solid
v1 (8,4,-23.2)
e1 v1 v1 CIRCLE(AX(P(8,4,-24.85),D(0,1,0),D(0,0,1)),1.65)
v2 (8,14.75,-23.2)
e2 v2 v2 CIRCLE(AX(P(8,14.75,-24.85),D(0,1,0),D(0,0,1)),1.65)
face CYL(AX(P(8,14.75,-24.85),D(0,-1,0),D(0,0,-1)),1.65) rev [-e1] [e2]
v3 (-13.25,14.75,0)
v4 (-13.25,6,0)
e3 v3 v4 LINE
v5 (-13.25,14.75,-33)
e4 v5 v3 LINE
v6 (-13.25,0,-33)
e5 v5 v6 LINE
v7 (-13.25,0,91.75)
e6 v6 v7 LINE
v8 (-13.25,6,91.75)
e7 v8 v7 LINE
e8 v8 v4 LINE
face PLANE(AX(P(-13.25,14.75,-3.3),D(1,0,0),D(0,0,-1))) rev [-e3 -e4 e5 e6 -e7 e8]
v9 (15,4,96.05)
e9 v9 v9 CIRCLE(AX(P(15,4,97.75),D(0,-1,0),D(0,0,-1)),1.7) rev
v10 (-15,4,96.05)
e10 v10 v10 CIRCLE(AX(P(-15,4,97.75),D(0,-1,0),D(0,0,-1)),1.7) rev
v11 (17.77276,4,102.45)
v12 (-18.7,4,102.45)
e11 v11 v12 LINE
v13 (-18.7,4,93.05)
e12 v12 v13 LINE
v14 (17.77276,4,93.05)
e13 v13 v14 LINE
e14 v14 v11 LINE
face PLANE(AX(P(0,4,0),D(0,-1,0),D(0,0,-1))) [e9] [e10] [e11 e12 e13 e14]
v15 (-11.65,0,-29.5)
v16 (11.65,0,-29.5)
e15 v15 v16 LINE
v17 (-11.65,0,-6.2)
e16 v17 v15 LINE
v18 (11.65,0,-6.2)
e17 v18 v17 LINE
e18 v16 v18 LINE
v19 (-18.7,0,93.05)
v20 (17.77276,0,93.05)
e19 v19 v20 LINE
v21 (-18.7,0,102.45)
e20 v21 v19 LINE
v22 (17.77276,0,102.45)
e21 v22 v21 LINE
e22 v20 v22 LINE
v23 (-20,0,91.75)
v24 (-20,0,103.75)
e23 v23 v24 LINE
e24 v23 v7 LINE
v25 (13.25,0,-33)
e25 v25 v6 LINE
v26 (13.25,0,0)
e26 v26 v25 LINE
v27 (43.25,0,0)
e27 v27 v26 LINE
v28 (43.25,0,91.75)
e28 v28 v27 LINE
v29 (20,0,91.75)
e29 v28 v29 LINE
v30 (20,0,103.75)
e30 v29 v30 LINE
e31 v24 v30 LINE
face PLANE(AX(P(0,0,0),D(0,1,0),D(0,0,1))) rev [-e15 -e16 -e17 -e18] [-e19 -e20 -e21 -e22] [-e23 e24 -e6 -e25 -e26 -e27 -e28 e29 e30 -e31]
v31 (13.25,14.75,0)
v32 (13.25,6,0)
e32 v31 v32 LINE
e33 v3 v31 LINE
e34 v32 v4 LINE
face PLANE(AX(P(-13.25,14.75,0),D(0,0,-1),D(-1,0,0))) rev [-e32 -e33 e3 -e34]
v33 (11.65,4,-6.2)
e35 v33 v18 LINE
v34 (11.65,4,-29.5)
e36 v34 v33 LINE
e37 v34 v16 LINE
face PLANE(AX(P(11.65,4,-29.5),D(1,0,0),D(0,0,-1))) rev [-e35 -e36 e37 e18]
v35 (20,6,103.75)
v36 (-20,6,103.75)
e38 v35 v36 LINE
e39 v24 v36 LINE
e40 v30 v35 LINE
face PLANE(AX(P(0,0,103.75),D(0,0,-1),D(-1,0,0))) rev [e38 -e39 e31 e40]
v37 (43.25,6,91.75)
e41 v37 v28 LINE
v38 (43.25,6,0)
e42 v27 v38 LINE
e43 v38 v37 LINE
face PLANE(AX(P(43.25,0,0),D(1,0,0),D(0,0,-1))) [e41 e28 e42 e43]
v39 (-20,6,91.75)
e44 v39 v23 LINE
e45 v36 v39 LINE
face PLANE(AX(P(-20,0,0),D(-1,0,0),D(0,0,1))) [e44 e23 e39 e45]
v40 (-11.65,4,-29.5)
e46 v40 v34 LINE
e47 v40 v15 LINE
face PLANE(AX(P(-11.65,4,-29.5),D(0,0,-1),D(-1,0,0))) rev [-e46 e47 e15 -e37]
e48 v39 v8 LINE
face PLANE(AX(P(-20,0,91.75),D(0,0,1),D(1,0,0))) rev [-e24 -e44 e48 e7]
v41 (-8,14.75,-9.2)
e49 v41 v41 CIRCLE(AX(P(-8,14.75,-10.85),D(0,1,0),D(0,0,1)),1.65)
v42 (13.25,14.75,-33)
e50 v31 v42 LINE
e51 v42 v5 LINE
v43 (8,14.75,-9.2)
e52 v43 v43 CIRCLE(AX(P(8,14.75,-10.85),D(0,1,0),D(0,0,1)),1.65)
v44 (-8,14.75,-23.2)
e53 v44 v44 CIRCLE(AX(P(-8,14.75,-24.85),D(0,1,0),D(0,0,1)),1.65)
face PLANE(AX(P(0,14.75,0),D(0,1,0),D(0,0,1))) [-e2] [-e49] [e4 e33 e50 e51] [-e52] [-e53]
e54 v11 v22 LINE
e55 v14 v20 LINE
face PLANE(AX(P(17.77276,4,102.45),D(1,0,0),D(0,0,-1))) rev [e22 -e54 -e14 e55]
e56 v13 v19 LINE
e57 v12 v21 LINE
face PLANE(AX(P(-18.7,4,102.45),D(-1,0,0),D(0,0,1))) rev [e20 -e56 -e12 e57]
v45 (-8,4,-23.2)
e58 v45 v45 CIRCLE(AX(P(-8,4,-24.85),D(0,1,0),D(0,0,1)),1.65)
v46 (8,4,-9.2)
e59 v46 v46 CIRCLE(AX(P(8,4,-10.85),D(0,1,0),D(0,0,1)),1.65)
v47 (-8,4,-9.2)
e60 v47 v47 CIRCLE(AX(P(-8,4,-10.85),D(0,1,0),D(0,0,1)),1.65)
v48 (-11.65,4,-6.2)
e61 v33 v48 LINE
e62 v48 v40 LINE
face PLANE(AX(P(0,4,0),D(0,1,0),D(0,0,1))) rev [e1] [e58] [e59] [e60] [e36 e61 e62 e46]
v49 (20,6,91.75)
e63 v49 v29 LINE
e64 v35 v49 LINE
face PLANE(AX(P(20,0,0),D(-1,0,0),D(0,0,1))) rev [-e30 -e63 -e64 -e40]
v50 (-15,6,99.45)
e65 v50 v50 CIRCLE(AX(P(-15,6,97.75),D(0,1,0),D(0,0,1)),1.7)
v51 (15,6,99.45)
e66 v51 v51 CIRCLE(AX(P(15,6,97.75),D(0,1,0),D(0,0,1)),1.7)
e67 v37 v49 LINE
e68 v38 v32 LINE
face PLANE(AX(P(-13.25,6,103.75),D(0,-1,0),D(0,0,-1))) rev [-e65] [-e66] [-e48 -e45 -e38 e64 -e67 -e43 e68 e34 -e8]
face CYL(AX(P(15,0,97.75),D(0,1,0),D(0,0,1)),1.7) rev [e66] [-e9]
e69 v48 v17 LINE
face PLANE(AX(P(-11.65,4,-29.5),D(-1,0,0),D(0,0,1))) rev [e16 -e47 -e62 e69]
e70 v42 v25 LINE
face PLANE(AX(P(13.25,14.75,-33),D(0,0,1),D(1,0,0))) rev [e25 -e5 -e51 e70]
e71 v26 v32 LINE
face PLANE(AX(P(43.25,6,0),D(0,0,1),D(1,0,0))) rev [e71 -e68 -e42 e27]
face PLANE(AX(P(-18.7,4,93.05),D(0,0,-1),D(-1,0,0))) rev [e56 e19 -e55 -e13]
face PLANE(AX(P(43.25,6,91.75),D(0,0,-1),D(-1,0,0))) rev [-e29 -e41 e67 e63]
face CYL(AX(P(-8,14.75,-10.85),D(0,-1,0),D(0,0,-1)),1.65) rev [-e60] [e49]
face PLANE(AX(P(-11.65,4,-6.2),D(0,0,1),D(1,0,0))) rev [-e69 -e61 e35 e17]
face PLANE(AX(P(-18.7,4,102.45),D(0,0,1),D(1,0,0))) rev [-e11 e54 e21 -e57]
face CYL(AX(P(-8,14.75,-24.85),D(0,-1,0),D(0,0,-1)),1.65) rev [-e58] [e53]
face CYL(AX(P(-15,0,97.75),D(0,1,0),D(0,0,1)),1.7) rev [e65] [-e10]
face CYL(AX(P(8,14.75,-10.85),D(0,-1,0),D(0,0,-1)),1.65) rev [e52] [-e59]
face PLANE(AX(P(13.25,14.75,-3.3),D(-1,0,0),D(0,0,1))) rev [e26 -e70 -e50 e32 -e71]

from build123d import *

# Parameters (mm, degrees)
SKETCH6_R                = 1.65
BOSS_EXTRUDE3_DEPTH      = 14.75
SKETCH9_W                = 26.5
SKETCH9_H                = 6
BOSS_EXTRUDE4_DEPTH      = 103.75
BOSS_EXTRUDE6_DEPTH      = 6.75
BOSS_EXTRUDE6_DEPTH_BACK = 33.25
SKETCH14_W               = 12
SKETCH14_H               = 6
SKETCH10_R               = 1.7
CUT_EXTRUDE1_DEPTH       = 107.021813793
SKETCH11_W               = 23.3
SKETCH11_H               = 23.3
CUT_EXTRUDE2_DEPTH       = 4
SKETCH12_W               = 36.472759933
SKETCH12_H               = 9.4
CUT_EXTRUDE3_DEPTH       = 4
SKETCH15_W               = 91.75
SKETCH15_H               = 6
BOSS_EXTRUDE8_DEPTH      = 30


with BuildPart() as part:
    # Sketch6 → Boss-Extrude3 (new body)
    with BuildSketch(Plane(origin=(0, 0, 0), x_dir=(1, 0, 0), z_dir=(0, 1, 0))):
        Polygon((-13.25, 3.3), (-13.25, 0), (13.25, 0), (13.25, 3.3), (13.25, 33), (-13.25, 33), align=None)
        with Locations(Location((8, 10.85, 0), (0, 0, 270))):
            Circle(SKETCH6_R, mode=Mode.SUBTRACT)
        with Locations(Location((8, 24.85, 0), (0, 0, 270))):
            Circle(SKETCH6_R, mode=Mode.SUBTRACT)
        with Locations(Location((-8, 24.85, 0), (0, 0, 270))):
            Circle(SKETCH6_R, mode=Mode.SUBTRACT)
        with Locations(Location((-8, 10.85, 0), (0, 0, 270))):
            Circle(SKETCH6_R, mode=Mode.SUBTRACT)
    extrude(amount=BOSS_EXTRUDE3_DEPTH)

    # Sketch9 → Boss-Extrude4 (add)
    with BuildSketch(Plane.XY):
        with Locations((0, 3)):
            Rectangle(SKETCH9_W, SKETCH9_H)
    extrude(amount=BOSS_EXTRUDE4_DEPTH)

    # Sketch14 → Boss-Extrude6 (add, two sides: drawn at the far end of the back side and taken through both)
    with BuildSketch(Plane.ZY.offset(13.25).offset(-BOSS_EXTRUDE6_DEPTH_BACK)):
        with Locations((97.75, 3)):
            Rectangle(SKETCH14_W, SKETCH14_H)
    extrude(amount=BOSS_EXTRUDE6_DEPTH + BOSS_EXTRUDE6_DEPTH_BACK)

    # Sketch10 → Cut-Extrude1 (cut, through all)
    with BuildSketch(Plane(origin=(0, 6, 0), x_dir=(1, 0, 0), z_dir=(0, 1, 0))):
        with Locations(Location((-15, -97.75, 0), (0, 0, 270))):
            Circle(SKETCH10_R)
        with Locations(Location((15, -97.75, 0), (0, 0, 270))):
            Circle(SKETCH10_R)
    extrude(amount=-CUT_EXTRUDE1_DEPTH, mode=Mode.SUBTRACT)

    # Sketch11 → Cut-Extrude2 (cut)
    with BuildSketch(Plane.XZ):
        with Locations((0, -17.85)):
            Rectangle(SKETCH11_W, SKETCH11_H)
    extrude(amount=-CUT_EXTRUDE2_DEPTH, mode=Mode.SUBTRACT)

    # Sketch12 → Cut-Extrude3 (cut)
    with BuildSketch(Plane.XZ):
        with Locations((-0.463620034, 97.75)):
            Rectangle(SKETCH12_W, SKETCH12_H)
    extrude(amount=-CUT_EXTRUDE3_DEPTH, mode=Mode.SUBTRACT)

    # Sketch15 → Boss-Extrude8 (add)
    with BuildSketch(Plane(origin=(13.25, 0, 0), x_dir=(0, 0, -1), z_dir=(1, 0, 0))):
        with Locations((-45.875, 3)):
            Rectangle(SKETCH15_W, SKETCH15_H)
    extrude(amount=BOSS_EXTRUDE8_DEPTH)


solid = part.part
